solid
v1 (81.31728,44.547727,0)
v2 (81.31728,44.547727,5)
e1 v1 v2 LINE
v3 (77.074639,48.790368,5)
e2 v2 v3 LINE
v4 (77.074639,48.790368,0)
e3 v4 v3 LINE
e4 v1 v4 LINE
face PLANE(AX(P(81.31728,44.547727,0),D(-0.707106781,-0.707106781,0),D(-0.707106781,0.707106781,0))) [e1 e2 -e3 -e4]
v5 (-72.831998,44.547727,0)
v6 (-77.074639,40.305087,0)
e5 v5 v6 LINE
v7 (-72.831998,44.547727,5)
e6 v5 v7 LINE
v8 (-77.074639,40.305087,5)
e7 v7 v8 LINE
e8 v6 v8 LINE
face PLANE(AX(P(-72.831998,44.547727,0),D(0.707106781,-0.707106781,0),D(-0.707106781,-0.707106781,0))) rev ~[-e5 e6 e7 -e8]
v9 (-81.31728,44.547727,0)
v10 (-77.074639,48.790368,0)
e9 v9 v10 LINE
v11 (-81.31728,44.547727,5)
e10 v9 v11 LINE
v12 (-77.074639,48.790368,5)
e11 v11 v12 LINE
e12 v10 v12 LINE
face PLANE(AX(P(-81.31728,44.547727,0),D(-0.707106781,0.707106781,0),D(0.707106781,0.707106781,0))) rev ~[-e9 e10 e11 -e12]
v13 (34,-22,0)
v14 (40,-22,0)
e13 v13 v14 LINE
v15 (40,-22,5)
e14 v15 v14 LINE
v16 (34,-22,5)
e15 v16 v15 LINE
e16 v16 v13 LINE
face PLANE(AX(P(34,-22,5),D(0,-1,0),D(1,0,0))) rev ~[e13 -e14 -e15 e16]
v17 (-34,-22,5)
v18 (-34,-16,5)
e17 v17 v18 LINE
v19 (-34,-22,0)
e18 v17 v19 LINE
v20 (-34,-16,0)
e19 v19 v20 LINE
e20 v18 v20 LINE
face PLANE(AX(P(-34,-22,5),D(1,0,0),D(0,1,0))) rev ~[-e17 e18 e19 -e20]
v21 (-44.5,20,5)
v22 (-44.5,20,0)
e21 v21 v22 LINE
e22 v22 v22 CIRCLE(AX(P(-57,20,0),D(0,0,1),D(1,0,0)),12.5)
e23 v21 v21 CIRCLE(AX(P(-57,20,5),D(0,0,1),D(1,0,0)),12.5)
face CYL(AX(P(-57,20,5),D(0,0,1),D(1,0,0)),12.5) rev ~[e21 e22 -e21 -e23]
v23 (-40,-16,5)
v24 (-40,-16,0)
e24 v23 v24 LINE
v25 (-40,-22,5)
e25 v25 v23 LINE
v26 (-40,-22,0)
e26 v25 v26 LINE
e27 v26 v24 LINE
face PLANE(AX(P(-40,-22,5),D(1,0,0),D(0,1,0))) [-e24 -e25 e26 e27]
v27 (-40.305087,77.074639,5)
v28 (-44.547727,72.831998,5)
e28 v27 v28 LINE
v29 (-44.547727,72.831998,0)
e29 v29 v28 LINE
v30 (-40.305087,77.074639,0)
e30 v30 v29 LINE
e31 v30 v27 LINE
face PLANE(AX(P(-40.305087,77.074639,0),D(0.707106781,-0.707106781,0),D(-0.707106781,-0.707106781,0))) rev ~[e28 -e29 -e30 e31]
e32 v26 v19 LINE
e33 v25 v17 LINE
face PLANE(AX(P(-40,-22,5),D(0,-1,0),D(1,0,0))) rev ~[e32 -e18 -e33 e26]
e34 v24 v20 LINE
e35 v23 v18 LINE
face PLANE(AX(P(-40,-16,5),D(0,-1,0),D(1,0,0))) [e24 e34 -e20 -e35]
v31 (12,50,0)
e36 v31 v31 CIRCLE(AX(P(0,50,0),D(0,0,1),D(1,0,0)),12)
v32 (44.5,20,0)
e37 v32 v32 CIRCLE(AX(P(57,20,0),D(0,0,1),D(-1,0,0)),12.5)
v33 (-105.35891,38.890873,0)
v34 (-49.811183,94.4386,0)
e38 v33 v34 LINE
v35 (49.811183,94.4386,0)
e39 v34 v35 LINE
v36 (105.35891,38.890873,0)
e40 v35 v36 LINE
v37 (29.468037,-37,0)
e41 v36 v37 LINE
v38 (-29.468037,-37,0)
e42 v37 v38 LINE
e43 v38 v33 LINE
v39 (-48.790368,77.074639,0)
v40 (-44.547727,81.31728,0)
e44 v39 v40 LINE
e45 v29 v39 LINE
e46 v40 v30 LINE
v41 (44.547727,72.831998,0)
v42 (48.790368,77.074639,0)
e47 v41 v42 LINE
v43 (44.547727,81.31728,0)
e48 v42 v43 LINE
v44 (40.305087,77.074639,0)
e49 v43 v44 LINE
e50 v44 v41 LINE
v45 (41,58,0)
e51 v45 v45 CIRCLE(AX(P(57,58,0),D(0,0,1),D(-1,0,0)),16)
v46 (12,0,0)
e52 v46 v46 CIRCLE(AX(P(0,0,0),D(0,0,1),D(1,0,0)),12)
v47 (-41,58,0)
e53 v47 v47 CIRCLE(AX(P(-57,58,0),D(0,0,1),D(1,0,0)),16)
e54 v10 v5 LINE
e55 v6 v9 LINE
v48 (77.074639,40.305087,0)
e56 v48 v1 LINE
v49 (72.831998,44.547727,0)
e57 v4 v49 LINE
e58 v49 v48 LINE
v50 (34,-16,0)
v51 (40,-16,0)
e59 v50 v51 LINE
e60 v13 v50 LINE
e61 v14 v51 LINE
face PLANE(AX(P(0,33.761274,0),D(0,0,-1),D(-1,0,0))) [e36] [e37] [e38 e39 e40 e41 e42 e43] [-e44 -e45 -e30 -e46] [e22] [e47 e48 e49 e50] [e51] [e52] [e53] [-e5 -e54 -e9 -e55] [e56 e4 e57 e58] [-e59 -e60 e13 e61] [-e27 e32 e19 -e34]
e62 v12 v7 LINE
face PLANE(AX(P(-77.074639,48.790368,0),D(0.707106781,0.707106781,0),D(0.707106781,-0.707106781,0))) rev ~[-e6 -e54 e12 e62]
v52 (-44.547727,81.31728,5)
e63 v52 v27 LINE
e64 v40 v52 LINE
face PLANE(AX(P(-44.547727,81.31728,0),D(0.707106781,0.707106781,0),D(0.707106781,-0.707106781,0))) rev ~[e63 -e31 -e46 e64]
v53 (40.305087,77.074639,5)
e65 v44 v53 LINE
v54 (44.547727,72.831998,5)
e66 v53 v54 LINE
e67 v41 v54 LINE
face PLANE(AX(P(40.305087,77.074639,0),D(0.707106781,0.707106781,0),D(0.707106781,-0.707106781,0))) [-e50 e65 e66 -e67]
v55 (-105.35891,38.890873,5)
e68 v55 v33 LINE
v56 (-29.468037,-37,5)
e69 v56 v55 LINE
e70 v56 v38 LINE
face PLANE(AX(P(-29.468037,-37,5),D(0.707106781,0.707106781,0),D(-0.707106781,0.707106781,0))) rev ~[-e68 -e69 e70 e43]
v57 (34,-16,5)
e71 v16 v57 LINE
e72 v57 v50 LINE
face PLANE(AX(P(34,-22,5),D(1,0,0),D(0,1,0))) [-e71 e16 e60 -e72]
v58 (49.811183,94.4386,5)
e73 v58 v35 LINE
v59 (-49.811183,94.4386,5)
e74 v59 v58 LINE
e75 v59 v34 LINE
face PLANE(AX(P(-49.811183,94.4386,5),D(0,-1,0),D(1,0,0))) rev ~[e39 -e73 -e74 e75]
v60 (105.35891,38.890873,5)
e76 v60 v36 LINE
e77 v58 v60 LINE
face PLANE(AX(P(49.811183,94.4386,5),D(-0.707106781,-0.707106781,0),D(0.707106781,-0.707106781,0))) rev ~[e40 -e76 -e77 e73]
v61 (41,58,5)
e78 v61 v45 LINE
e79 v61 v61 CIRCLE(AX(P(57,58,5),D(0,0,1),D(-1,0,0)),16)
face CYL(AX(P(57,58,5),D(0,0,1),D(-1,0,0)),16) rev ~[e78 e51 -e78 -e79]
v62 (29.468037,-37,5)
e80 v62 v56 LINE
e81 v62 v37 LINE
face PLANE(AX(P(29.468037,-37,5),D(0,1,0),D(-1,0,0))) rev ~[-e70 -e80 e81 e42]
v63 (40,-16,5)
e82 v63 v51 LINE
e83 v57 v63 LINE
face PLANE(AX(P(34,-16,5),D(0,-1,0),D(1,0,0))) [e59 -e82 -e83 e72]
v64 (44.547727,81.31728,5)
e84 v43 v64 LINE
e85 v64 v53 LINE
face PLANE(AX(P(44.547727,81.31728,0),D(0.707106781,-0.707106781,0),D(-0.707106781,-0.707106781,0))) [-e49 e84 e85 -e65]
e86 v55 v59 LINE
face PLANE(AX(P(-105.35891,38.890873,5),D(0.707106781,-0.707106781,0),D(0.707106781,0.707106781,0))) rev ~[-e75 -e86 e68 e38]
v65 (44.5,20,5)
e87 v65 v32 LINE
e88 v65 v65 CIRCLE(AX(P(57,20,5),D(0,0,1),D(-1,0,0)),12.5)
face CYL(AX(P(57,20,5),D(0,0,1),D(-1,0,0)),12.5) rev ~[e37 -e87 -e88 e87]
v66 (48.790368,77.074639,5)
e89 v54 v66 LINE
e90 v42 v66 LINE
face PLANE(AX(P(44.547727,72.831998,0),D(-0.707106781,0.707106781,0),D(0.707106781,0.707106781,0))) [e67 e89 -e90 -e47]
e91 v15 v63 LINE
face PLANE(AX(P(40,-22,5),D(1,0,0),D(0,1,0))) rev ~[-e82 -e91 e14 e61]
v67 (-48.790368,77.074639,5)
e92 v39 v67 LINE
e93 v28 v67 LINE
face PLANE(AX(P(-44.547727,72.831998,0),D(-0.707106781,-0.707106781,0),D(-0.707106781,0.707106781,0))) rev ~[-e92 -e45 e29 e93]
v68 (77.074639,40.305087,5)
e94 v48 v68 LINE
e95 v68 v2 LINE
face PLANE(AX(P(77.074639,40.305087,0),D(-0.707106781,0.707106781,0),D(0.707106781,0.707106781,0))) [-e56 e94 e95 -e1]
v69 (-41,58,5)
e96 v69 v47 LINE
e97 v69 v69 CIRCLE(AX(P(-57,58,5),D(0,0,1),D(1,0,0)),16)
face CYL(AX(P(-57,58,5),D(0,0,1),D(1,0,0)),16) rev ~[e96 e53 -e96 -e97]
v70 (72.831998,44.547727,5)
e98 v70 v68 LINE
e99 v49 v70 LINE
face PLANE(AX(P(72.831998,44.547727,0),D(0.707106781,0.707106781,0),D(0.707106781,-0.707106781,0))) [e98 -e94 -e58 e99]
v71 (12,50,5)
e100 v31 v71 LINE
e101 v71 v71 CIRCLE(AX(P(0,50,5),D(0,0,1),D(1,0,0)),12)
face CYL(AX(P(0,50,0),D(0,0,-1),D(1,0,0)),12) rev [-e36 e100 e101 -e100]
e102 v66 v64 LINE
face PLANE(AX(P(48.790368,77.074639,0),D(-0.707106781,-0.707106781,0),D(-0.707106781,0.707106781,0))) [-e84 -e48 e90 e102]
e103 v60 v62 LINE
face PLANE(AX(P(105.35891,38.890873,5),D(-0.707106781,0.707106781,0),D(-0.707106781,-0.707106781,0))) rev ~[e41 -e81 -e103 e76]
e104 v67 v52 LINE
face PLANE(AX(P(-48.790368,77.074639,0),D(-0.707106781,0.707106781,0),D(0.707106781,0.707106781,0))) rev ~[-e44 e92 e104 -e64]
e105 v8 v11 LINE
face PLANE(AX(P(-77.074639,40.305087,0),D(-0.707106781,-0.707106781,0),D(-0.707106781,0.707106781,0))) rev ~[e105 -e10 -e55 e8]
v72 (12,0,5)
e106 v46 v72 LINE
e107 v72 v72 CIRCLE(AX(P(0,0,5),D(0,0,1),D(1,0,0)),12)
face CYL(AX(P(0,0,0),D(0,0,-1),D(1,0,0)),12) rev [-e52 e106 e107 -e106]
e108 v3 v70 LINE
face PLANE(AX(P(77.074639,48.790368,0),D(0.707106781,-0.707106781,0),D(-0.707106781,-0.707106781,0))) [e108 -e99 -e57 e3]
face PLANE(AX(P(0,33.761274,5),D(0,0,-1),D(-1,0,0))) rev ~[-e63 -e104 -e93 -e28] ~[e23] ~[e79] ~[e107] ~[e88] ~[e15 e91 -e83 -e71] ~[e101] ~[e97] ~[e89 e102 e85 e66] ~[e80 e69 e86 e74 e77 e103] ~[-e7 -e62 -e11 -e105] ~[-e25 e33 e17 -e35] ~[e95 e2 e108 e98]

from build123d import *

# Parameters (mm, degrees)
SKETCH3_R           = 12
BOSS_EXTRUDE1_DEPTH = 5
BOSS_EXTRUDE2_DEPTH = 5
SKETCH6_R           = 16
SKETCH6_R_2         = 12.5
SKETCH6_W           = 6
SKETCH6_H           = 6
CUT_EXTRUDE1_DEPTH  = 5


with BuildPart() as part:
    # Sketch3 → Boss-Extrude1 (new body)
    with BuildSketch(Plane.XY):
        Polygon((-77.781745931, 49.497474683), (-49.497474683, 77.781745931), (-43.840620434, 83.43860018), (43.840620434, 83.43860018), (49.497474683, 77.781745931), (77.781745931, 49.497474683), (88.388347648, 38.890872965), (27.497474683, -22), (-27.497474683, -22), (-88.388347648, 38.890872965), align=None)
        Circle(SKETCH3_R, mode=Mode.SUBTRACT)
        with Locations((0, 50)):
            Circle(SKETCH3_R, mode=Mode.SUBTRACT)
        Polygon((-81.317279836, 44.547727215), (-77.074639149, 48.790367902), (-72.831998462, 44.547727215), (-77.074639149, 40.305086528), align=None, mode=Mode.SUBTRACT)
        Polygon((-48.790367902, 77.074639149), (-44.547727215, 81.317279836), (-40.305086528, 77.074639149), (-44.547727215, 72.831998462), align=None, mode=Mode.SUBTRACT)
        Polygon((40.305086528, 77.074639149), (44.547727215, 72.831998462), (48.790367902, 77.074639149), (44.547727215, 81.317279836), align=None, mode=Mode.SUBTRACT)
        Polygon((72.831998462, 44.547727215), (77.074639149, 40.305086528), (81.317279836, 44.547727215), (77.074639149, 48.790367902), align=None, mode=Mode.SUBTRACT)
    extrude(amount=BOSS_EXTRUDE1_DEPTH)

    # Sketch5 → Boss-Extrude2 (add)
    with BuildSketch(Plane.XY.offset(5)):
        Polygon((-105.358910397, 38.890872965), (-49.811183182, 94.43860018), (49.811183182, 94.43860018), (105.358910397, 38.890872965), (29.468037432, -37), (-29.468037432, -37), align=None)
        Polygon((-43.840620434, 83.43860018), (-88.388347648, 38.890872965), (-27.497474683, -22), (27.497474683, -22), (88.388347648, 38.890872965), (43.840620434, 83.43860018), align=None, mode=Mode.SUBTRACT)
    extrude(amount=-BOSS_EXTRUDE2_DEPTH)

    # Sketch6 → Cut-Extrude1 (cut)
    with BuildSketch(Plane.XY.offset(5)):
        with Locations((-57, 58)):
            Circle(SKETCH6_R)
        with Locations((-57, 20)):
            Circle(SKETCH6_R_2)
        with Locations(Location((57, 20, 0), (0, 0, 180))):
            Circle(SKETCH6_R_2)
        with Locations(Location((57, 58, 0), (0, 0, 180))):
            Circle(SKETCH6_R)
        with Locations((-37, -19)):
            Rectangle(SKETCH6_W, SKETCH6_H)
        with Locations((37, -19)):
            Rectangle(SKETCH6_W, SKETCH6_H)
    extrude(amount=-CUT_EXTRUDE1_DEPTH, mode=Mode.SUBTRACT)


solid = part.part
